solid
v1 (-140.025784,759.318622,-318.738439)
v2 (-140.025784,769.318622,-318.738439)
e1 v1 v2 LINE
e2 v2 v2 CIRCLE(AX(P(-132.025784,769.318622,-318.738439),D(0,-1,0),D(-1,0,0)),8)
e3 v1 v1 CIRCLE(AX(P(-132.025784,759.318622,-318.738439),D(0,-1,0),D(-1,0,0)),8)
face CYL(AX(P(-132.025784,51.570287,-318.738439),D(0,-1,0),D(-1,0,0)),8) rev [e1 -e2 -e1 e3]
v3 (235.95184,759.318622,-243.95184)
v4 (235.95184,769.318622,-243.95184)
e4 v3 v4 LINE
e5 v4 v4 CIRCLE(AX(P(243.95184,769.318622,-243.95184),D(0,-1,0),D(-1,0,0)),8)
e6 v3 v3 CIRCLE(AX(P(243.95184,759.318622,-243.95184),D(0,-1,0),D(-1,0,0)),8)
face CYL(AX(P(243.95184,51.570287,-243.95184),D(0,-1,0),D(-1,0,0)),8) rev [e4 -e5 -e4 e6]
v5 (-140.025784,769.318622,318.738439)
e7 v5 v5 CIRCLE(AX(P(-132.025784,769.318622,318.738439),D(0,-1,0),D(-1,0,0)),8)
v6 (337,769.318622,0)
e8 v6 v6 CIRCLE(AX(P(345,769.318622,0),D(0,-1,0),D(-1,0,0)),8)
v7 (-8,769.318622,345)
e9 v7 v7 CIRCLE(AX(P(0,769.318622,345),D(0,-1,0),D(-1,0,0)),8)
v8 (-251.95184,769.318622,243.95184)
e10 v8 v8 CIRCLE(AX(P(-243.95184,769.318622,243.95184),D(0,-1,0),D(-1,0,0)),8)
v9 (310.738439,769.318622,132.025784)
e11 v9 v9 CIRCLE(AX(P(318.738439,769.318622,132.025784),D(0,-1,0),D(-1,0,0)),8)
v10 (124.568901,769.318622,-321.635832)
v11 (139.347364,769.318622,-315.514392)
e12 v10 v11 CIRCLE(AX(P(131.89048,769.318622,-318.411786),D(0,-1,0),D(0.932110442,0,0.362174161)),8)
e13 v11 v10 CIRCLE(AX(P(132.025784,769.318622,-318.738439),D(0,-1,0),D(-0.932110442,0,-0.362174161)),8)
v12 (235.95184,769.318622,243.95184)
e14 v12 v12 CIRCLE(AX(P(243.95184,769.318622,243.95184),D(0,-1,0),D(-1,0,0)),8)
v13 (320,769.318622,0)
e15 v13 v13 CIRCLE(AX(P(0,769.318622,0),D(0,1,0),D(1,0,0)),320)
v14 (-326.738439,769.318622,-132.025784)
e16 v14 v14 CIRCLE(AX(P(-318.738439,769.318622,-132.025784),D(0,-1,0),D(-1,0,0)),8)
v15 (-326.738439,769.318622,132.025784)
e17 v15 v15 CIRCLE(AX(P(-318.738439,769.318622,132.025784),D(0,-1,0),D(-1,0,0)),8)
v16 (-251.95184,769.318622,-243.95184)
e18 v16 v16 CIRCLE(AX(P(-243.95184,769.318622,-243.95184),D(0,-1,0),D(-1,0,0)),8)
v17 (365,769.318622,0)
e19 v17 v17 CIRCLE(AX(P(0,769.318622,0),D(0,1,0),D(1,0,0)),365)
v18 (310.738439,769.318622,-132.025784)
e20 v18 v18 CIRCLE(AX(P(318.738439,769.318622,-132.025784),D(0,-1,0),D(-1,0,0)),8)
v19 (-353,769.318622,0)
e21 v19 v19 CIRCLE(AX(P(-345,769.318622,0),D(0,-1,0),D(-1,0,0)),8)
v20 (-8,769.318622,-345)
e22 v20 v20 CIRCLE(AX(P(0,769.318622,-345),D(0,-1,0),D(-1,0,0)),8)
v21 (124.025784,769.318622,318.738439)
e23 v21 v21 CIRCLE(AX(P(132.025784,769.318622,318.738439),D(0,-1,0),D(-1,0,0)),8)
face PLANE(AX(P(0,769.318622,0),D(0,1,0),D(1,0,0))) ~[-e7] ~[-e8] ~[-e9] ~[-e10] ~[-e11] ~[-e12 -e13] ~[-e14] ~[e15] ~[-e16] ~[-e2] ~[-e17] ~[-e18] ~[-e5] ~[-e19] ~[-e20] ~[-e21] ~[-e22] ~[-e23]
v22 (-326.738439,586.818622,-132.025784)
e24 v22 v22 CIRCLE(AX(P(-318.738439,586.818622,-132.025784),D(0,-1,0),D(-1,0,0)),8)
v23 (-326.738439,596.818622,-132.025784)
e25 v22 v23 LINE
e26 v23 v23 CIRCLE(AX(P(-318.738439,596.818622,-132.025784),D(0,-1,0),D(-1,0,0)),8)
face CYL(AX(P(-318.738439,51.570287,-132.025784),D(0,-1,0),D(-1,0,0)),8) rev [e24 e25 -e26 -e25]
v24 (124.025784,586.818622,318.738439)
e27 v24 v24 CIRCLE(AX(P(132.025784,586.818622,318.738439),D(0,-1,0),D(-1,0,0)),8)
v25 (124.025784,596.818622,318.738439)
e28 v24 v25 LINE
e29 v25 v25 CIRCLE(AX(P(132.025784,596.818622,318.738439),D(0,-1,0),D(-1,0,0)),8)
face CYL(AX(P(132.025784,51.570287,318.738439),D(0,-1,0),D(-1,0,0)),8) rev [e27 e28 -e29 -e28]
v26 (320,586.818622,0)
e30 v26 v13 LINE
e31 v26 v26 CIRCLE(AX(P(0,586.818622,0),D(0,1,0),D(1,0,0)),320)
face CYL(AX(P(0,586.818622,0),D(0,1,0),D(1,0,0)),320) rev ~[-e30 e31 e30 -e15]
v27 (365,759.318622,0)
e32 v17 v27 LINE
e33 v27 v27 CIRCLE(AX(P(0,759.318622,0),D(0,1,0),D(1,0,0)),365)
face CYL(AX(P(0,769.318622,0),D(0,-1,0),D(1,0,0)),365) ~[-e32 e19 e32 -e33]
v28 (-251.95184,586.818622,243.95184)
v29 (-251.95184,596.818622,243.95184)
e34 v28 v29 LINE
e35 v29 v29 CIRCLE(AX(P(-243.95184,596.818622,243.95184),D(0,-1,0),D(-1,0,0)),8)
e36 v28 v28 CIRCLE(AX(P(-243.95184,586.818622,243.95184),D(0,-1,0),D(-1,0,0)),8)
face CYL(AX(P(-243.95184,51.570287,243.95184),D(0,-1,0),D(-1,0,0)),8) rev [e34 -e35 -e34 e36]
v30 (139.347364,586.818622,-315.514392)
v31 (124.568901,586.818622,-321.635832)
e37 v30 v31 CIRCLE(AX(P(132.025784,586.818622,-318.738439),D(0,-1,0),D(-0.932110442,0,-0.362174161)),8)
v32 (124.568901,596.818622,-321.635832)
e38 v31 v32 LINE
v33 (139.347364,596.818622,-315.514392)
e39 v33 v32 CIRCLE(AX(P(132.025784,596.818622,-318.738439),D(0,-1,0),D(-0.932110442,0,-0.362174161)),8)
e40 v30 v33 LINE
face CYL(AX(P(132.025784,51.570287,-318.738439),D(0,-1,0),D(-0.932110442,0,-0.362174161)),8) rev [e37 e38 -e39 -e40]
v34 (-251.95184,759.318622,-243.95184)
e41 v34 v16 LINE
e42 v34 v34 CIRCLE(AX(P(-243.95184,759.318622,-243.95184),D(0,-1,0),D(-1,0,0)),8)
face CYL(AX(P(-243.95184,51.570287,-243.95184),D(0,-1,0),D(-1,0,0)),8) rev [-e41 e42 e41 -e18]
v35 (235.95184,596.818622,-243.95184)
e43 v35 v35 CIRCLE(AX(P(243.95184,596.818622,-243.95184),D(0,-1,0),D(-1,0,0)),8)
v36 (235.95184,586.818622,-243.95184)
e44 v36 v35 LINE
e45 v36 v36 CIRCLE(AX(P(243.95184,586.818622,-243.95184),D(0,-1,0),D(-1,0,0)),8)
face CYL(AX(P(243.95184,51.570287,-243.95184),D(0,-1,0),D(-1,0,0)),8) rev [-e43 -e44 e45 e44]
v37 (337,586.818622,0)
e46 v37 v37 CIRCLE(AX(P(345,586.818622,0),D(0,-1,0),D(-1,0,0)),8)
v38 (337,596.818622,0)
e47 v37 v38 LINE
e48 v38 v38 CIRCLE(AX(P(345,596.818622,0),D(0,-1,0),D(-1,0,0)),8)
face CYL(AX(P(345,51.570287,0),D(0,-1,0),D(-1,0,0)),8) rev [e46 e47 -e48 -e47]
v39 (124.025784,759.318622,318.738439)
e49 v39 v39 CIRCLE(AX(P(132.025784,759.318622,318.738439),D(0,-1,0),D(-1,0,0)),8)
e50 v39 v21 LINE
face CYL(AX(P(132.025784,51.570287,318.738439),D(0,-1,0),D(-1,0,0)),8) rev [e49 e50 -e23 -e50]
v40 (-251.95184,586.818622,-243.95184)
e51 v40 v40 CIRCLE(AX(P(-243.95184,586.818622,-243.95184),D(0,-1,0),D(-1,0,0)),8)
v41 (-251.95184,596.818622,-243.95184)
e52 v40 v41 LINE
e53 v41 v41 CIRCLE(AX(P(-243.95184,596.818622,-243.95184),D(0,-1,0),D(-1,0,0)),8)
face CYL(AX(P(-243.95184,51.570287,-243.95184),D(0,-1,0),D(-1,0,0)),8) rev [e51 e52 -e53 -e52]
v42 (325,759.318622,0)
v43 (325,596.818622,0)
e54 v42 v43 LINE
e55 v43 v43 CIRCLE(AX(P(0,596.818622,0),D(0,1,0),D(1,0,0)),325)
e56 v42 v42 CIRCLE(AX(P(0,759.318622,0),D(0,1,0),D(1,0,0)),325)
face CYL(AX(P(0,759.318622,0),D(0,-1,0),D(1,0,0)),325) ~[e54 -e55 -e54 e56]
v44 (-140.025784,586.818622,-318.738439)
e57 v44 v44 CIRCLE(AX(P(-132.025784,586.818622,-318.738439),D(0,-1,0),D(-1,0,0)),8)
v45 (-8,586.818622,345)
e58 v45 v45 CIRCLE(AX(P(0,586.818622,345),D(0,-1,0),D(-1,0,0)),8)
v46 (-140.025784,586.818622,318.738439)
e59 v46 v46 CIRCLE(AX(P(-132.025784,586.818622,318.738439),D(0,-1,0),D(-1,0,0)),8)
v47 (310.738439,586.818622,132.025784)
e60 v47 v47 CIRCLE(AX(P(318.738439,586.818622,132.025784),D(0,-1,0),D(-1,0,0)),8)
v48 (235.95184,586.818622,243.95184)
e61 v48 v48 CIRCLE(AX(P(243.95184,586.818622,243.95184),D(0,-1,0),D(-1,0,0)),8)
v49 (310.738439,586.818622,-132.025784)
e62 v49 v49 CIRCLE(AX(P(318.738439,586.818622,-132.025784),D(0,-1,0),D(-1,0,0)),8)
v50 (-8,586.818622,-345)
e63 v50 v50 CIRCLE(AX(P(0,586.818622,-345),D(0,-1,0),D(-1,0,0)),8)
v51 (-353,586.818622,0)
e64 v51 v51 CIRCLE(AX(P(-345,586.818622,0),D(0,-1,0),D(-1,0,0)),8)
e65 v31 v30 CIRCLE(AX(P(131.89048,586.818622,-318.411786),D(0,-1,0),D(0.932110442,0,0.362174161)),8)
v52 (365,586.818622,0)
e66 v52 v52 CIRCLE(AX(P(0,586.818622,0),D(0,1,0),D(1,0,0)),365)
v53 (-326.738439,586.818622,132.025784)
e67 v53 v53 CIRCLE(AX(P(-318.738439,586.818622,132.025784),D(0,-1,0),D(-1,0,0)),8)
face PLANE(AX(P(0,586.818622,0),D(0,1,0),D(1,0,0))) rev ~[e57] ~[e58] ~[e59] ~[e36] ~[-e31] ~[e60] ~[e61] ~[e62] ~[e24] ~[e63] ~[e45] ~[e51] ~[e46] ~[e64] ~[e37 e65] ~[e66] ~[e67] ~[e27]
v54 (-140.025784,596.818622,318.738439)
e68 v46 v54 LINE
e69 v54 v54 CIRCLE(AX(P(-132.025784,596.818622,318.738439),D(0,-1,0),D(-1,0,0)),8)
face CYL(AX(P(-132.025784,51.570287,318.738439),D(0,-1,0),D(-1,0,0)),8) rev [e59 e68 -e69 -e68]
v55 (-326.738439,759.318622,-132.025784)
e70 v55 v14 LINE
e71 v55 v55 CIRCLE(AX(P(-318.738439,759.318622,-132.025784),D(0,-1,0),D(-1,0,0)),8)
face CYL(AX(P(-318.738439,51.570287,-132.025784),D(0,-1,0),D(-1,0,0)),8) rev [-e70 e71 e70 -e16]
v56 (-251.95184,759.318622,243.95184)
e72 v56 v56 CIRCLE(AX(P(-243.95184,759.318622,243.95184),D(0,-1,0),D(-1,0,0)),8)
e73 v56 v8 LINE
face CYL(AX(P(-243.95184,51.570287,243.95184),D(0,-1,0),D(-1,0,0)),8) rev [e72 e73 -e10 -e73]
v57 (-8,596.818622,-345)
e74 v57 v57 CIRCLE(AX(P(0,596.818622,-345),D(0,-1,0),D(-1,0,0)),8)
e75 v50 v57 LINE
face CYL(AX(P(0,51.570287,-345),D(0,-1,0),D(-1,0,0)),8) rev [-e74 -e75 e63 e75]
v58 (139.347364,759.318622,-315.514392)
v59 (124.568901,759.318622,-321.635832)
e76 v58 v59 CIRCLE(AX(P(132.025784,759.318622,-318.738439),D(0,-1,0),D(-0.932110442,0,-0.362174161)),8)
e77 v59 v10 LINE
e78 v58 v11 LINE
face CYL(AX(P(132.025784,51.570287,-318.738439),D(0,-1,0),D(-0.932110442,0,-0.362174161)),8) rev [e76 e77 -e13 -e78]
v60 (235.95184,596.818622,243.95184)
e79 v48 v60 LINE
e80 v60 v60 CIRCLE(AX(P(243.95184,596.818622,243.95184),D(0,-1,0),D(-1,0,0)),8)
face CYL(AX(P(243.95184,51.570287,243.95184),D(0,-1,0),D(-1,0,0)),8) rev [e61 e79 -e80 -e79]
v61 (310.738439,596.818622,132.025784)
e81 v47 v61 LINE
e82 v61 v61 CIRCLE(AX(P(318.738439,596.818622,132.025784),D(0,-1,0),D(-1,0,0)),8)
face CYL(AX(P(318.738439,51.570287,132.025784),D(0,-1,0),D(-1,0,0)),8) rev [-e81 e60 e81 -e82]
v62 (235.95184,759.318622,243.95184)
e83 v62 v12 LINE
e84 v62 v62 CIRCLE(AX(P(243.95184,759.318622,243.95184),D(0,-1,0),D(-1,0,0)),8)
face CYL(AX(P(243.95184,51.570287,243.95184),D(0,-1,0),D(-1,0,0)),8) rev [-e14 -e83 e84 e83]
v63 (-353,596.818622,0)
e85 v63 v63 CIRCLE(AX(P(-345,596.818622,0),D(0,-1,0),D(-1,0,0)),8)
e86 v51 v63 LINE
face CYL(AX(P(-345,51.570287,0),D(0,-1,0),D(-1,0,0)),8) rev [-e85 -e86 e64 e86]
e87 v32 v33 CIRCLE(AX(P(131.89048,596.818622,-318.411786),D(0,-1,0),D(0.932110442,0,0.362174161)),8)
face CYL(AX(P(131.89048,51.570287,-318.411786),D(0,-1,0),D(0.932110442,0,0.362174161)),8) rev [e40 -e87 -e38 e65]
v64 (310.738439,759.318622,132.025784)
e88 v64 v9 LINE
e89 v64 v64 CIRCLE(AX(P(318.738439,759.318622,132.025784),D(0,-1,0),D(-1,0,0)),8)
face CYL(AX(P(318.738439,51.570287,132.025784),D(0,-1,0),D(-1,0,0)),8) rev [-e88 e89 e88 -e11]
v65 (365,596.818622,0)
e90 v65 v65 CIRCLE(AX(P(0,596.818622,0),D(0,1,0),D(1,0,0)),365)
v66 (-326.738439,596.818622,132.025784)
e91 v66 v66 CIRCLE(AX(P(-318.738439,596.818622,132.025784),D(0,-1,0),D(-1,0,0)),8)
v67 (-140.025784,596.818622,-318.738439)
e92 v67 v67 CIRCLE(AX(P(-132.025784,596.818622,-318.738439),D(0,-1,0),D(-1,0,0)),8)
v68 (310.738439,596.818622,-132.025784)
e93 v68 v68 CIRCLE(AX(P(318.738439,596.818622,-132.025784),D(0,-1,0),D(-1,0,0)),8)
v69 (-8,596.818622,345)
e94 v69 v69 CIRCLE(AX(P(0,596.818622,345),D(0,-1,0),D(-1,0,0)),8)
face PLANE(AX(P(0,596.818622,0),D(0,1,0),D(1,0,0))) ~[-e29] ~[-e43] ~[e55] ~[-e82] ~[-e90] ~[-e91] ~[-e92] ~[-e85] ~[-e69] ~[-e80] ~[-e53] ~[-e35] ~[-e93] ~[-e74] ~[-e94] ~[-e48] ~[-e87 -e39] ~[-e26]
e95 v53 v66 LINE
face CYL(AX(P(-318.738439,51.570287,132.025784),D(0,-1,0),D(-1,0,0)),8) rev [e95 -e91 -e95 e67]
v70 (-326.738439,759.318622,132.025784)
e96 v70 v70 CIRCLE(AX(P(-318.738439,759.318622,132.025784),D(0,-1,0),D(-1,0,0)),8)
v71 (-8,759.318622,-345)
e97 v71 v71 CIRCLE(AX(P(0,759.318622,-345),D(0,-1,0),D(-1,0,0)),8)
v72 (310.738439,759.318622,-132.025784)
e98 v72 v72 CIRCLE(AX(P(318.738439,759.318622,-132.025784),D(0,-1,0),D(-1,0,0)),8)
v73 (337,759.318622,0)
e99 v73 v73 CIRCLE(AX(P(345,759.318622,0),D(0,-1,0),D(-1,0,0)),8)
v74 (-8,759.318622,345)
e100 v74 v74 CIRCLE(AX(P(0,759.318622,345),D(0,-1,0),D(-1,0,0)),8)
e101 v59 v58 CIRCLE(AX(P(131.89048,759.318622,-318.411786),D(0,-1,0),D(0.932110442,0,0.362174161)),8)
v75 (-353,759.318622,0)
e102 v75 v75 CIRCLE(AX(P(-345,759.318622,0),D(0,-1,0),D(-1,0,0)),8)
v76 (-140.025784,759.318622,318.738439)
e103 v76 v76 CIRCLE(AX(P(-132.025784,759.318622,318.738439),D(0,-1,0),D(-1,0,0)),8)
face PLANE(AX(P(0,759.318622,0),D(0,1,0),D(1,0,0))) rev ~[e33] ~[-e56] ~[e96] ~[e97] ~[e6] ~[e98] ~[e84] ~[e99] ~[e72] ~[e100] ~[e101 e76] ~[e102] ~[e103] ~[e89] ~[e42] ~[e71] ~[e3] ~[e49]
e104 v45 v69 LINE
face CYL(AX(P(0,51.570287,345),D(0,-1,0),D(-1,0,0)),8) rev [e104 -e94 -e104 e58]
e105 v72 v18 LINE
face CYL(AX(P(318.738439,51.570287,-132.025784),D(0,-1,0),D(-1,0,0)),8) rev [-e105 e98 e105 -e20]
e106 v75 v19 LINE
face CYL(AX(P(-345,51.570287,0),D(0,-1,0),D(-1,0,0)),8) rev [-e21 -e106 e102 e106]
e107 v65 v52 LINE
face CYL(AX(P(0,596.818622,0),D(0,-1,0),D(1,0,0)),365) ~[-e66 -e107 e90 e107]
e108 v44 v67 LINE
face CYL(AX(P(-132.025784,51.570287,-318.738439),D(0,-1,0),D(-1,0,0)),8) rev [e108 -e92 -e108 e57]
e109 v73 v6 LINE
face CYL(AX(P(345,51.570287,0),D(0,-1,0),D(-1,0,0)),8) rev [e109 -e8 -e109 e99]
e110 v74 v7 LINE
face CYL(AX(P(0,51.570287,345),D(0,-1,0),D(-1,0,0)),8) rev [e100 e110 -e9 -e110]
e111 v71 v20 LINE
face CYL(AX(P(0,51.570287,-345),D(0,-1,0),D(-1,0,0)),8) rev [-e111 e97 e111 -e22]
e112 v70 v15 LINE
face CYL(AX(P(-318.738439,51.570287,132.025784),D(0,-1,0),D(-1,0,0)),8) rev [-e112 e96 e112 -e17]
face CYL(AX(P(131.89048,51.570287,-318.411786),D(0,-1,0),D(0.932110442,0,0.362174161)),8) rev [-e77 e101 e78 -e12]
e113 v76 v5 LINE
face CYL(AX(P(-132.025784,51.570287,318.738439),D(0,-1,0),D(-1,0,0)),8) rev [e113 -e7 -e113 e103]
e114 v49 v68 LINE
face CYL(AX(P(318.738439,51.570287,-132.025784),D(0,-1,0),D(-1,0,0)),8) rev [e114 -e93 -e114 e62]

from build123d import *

# Parameters (mm, degrees)
CUT_EXTRUDE1_DEPTH      = 545.248334862
CUT_EXTRUDE1_DEPTH_BACK = 545.248334862
SKETCH2_R               = 8


with BuildPart() as part:
    # Sketch1 → Revolve1 (revolve)
    with BuildSketch(Plane.XY, mode=Mode.PRIVATE) as revolve1_sk:
        Polygon((-320, 586.81862199), (-320, 769.31862199), (-365, 769.31862199), (-365, 759.31862199), (-325, 759.31862199), (-325, 596.81862199), (-365, 596.81862199), (-365, 586.81862199), align=None)
    revolve(revolve1_sk.sketch.rotate(Axis((0, -8382.840526503, 0), (0, 1, 0)), 180), axis=Axis((0, -8382.840526503, 0), (0, 1, 0)))

    # Sketch2 → Cut-Extrude1 (cut, two sides: drawn at the far end of the back side and taken through both)
    with BuildSketch(Plane(origin=(0, 596.81862199, 0), x_dir=(1, 0, 0), z_dir=(0, 1, 0)).offset(-CUT_EXTRUDE1_DEPTH_BACK)):
        with Locations(Location((0, 345, 0), (0, 0, 180))):
            Circle(SKETCH2_R)
        with BuildLine():
            ThreePointArc((139.347363526, 315.514392242), (134.951947446, 325.802821793), (124.568900626, 321.635832007))
            ThreePointArc((124.568900626, 321.635832007), (128.964316707, 311.347402456), (139.347363526, 315.514392242))
        make_face()
        with Locations(Location((243.951839509, 243.951839509, 0), (0, 0, 180))):
            Circle(SKETCH2_R)
        with Locations(Location((318.738438716, 132.025784166, 0), (0, 0, 180))):
            Circle(SKETCH2_R)
        with Locations(Location((345, 0, 0), (0, 0, 180))):
            Circle(SKETCH2_R)
        with Locations(Location((318.738438716, -132.025784166, 0), (0, 0, 180))):
            Circle(SKETCH2_R)
        with Locations(Location((243.951839509, -243.951839509, 0), (0, 0, 180))):
            Circle(SKETCH2_R)
        with Locations(Location((132.025784166, -318.738438716, 0), (0, 0, 180))):
            Circle(SKETCH2_R)
        with Locations(Location((0, -345, 0), (0, 0, 180))):
            Circle(SKETCH2_R)
        with Locations(Location((-132.025784166, -318.738438716, 0), (0, 0, 180))):
            Circle(SKETCH2_R)
        with Locations(Location((-243.951839509, -243.951839509, 0), (0, 0, 180))):
            Circle(SKETCH2_R)
        with Locations(Location((-318.738438716, -132.025784166, 0), (0, 0, 180))):
            Circle(SKETCH2_R)
        with Locations(Location((-345, 0, 0), (0, 0, 180))):
            Circle(SKETCH2_R)
        with Locations(Location((-318.738438716, 132.025784166, 0), (0, 0, 180))):
            Circle(SKETCH2_R)
        with Locations(Location((-243.951839509, 243.951839509, 0), (0, 0, 180))):
            Circle(SKETCH2_R)
        with Locations(Location((-132.025784166, 318.738438716, 0), (0, 0, 180))):
            Circle(SKETCH2_R)
    extrude(amount=CUT_EXTRUDE1_DEPTH + CUT_EXTRUDE1_DEPTH_BACK, mode=Mode.SUBTRACT)


solid = part.part
